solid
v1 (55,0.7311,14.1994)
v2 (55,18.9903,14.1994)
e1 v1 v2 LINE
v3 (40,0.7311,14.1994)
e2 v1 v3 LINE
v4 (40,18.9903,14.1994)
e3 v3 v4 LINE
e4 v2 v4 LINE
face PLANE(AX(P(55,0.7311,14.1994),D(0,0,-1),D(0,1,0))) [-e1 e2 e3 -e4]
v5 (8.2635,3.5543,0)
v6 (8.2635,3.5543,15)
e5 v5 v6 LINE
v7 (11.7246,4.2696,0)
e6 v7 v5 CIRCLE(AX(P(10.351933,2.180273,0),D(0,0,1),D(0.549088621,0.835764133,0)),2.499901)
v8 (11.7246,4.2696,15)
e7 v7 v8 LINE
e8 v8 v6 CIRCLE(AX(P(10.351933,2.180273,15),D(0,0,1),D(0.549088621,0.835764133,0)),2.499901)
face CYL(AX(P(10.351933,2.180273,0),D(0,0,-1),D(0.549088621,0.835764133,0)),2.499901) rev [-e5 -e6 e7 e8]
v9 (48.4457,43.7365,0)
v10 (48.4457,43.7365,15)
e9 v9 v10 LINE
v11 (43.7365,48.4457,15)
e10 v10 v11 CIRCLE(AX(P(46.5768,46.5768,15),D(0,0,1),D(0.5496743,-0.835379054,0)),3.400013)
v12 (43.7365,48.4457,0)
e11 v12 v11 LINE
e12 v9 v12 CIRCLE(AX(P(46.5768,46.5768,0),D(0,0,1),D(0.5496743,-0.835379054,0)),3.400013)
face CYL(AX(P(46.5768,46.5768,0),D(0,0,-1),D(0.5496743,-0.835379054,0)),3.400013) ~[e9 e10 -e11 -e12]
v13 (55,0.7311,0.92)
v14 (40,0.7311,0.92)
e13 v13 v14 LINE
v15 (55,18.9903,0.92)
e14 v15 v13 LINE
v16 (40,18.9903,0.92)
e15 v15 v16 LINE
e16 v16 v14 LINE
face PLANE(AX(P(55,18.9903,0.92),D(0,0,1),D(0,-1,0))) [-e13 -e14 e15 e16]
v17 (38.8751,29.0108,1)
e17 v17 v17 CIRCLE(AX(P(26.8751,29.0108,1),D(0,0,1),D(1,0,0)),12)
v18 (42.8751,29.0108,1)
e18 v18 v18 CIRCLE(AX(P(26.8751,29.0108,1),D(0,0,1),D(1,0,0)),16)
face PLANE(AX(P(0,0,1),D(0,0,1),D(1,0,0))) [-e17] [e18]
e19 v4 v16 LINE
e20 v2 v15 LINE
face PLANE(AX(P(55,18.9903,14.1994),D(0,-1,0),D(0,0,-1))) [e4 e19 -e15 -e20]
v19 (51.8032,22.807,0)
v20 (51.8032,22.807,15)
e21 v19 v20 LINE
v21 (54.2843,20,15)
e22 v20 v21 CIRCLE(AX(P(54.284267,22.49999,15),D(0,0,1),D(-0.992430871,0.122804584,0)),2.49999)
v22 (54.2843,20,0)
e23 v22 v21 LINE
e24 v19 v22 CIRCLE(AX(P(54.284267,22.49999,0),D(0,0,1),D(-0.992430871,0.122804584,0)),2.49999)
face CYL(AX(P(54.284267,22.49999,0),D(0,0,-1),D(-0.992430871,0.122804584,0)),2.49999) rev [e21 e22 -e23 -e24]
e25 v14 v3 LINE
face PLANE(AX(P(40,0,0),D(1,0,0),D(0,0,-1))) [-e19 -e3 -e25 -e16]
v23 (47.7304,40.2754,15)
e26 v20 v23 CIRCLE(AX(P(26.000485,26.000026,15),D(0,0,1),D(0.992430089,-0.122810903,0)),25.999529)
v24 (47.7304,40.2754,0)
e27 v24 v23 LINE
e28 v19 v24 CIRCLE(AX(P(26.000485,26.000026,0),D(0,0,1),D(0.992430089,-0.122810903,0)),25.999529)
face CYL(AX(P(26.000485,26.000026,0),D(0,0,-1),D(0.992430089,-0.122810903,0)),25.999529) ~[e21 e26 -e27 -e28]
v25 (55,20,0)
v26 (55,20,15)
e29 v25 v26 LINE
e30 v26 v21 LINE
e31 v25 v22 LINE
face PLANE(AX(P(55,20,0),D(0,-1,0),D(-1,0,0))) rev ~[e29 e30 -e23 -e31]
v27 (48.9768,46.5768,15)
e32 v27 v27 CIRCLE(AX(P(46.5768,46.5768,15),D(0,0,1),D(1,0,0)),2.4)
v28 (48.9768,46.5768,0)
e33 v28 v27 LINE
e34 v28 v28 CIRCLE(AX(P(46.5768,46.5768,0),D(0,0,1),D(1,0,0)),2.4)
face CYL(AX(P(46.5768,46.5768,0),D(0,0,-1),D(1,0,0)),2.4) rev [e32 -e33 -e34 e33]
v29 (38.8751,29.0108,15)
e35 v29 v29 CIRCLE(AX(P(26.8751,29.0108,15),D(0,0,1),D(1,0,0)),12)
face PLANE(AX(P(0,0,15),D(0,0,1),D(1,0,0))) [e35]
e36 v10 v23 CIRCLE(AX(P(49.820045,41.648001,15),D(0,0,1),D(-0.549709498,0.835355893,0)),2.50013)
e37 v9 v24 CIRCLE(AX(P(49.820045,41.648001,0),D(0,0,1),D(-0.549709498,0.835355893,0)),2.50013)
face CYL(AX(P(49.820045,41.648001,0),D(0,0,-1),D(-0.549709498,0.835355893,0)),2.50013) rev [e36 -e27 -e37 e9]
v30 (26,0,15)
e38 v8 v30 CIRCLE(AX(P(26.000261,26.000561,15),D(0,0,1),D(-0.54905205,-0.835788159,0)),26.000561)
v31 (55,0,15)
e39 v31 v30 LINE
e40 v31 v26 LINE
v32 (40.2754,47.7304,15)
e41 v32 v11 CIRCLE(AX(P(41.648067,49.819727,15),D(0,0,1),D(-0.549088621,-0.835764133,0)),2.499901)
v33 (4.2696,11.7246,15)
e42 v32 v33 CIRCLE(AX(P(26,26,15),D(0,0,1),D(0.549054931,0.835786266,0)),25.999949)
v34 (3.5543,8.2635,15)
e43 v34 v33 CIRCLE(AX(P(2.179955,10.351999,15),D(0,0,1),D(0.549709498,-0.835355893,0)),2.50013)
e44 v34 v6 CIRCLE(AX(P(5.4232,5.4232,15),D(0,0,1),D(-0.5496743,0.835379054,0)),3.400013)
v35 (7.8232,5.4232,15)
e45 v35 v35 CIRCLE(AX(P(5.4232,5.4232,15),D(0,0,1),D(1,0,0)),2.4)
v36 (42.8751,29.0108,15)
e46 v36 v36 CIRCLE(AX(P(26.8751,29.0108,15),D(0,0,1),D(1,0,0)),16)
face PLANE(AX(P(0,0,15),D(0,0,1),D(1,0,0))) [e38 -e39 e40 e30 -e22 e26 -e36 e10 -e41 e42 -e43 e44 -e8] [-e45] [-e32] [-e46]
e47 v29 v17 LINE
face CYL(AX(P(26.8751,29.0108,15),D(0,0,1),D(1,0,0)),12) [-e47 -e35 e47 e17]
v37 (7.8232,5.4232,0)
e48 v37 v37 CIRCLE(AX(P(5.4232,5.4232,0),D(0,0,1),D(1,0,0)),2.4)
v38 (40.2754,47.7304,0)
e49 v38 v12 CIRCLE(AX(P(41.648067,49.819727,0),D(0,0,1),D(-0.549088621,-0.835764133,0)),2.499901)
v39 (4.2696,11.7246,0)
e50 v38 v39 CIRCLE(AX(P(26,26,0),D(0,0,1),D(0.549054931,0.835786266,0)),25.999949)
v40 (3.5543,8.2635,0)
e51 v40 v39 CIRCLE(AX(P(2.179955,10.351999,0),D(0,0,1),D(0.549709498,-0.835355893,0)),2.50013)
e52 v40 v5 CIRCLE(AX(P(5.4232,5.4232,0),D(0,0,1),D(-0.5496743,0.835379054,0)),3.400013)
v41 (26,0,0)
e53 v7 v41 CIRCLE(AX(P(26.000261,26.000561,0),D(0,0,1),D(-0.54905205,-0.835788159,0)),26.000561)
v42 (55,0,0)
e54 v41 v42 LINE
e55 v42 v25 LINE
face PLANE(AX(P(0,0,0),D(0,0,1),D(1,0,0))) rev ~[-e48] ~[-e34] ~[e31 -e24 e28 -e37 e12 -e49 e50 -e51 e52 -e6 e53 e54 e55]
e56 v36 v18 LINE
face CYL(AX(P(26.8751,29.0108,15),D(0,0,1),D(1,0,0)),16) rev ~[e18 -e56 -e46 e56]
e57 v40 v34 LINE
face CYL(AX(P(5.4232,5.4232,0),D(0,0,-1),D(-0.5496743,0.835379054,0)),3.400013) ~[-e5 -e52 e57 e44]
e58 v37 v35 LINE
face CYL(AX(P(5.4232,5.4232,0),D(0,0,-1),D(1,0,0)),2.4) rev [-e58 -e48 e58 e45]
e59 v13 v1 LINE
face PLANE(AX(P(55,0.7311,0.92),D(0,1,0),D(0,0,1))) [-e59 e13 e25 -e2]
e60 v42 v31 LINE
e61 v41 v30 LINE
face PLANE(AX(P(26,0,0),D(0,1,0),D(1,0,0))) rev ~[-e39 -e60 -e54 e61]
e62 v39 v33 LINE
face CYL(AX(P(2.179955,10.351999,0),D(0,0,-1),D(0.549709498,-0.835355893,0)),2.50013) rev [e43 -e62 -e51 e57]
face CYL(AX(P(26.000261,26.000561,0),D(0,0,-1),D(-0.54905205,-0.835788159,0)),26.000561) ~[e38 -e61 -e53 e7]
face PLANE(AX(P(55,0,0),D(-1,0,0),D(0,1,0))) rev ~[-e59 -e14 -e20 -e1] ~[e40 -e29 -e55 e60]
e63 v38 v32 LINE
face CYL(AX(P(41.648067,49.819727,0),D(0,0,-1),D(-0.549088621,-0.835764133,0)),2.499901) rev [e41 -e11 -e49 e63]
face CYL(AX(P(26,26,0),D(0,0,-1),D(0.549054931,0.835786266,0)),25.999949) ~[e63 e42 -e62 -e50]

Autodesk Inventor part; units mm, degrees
ref_plane "YZ Plane" through (0, 0, 0) normal (1, 0, 0) x (0, 1, 0)
ref_plane "XZ Plane" through (0, 0, 0) normal (0, 1, 0) x (-1, 0, 0)
ref_plane "XY Plane" through (0, 0, 0) normal (0, 0, 1) x (1, 0, 0)
sketch "Sketch1" plane through (0, 0, 0) normal (0, 0, 1) x (1, 0, 0)
  line L0 (26, 0) -> (52, 0)
  circle A0 centre (46.5768, 46.5768) radius 2.4
  arc A1 (48.4457, 43.7365) -> (43.7365, 48.4457) centre (46.5768, 46.5768) ccw
  arc A2 (3.5543, 8.2635) -> (8.2635, 3.5543) centre (5.4232, 5.4232) ccw
  circle A3 centre (5.4232, 5.4232) radius 2.4
  line L1 (55, 0) -> (55, 20)
  arc A4 (40.2754, 47.7304) -> (43.7365, 48.4457) centre (41.6481, 49.8199) ccw
  arc A5 (48.4457, 43.7365) -> (47.7304, 40.2754) centre (49.8199, 41.6481) ccw
  arc A6 (40.2754, 47.7304) -> (4.2696, 11.7246) centre (26, 26) ccw
  arc A7 (11.7246, 4.2696) -> (8.2635, 3.5543) centre (10.3519, 2.1801) ccw
  arc A8 (3.5543, 8.2635) -> (4.2696, 11.7246) centre (2.1801, 10.3519) ccw
  arc A9 (11.7246, 4.2696) -> (26, 0) centre (26, 26) ccw
  arc A10 (51.8032, 22.807) -> (47.7304, 40.2754) centre (26, 26) ccw
  arc A11 (51.8032, 22.807) -> (54.2843, 20) centre (54.2843, 22.5) ccw
  line L2 (55, 0) -> (52, 0)
  line L3 (55, 20) -> (54.2843, 20)
  point P0 (48.981, 48.981)
  dimension "d6" = 4.8
  dimension "d7" = 29
  dimension "d8" = 20
  dimension "d9" = 2.5
  dimension "d10" = 2.5
  dimension "d11" = 2.5
extrude "Extrusion1" add sketch "Sketch1" along normal blind 15
sketch "Sketch2" plane through (55, 0, 0) normal (1, 0, 0) x (0, 0, -1)
  line L0 (-14.1994, 18.9903) -> (-0.92, 18.9903)
  line L1 (-0.92, 18.9903) -> (-0.92, 0.7311)
  line L2 (-0.92, 0.7311) -> (-14.1994, 0.7311)
  line L3 (-14.1994, 0.7311) -> (-14.1994, 18.9903)
extrude "Extrusion2" cut sketch "Sketch2" against normal blind 15
sketch "Sketch3" plane through (0, 0, 15) normal (0, 0, 1) x (1, 0, 0)
  circle A0 centre (26.8751, 29.0108) radius 12
  circle A1 centre (26.8751, 29.0108) radius 16
  point P0 (0, 0)
  dimension "d16" = 24
  dimension "d18" = 32
extrude "Extrusion3" cut sketch "Sketch3" against normal blind 14
properties part number "blowerFan50x15"
